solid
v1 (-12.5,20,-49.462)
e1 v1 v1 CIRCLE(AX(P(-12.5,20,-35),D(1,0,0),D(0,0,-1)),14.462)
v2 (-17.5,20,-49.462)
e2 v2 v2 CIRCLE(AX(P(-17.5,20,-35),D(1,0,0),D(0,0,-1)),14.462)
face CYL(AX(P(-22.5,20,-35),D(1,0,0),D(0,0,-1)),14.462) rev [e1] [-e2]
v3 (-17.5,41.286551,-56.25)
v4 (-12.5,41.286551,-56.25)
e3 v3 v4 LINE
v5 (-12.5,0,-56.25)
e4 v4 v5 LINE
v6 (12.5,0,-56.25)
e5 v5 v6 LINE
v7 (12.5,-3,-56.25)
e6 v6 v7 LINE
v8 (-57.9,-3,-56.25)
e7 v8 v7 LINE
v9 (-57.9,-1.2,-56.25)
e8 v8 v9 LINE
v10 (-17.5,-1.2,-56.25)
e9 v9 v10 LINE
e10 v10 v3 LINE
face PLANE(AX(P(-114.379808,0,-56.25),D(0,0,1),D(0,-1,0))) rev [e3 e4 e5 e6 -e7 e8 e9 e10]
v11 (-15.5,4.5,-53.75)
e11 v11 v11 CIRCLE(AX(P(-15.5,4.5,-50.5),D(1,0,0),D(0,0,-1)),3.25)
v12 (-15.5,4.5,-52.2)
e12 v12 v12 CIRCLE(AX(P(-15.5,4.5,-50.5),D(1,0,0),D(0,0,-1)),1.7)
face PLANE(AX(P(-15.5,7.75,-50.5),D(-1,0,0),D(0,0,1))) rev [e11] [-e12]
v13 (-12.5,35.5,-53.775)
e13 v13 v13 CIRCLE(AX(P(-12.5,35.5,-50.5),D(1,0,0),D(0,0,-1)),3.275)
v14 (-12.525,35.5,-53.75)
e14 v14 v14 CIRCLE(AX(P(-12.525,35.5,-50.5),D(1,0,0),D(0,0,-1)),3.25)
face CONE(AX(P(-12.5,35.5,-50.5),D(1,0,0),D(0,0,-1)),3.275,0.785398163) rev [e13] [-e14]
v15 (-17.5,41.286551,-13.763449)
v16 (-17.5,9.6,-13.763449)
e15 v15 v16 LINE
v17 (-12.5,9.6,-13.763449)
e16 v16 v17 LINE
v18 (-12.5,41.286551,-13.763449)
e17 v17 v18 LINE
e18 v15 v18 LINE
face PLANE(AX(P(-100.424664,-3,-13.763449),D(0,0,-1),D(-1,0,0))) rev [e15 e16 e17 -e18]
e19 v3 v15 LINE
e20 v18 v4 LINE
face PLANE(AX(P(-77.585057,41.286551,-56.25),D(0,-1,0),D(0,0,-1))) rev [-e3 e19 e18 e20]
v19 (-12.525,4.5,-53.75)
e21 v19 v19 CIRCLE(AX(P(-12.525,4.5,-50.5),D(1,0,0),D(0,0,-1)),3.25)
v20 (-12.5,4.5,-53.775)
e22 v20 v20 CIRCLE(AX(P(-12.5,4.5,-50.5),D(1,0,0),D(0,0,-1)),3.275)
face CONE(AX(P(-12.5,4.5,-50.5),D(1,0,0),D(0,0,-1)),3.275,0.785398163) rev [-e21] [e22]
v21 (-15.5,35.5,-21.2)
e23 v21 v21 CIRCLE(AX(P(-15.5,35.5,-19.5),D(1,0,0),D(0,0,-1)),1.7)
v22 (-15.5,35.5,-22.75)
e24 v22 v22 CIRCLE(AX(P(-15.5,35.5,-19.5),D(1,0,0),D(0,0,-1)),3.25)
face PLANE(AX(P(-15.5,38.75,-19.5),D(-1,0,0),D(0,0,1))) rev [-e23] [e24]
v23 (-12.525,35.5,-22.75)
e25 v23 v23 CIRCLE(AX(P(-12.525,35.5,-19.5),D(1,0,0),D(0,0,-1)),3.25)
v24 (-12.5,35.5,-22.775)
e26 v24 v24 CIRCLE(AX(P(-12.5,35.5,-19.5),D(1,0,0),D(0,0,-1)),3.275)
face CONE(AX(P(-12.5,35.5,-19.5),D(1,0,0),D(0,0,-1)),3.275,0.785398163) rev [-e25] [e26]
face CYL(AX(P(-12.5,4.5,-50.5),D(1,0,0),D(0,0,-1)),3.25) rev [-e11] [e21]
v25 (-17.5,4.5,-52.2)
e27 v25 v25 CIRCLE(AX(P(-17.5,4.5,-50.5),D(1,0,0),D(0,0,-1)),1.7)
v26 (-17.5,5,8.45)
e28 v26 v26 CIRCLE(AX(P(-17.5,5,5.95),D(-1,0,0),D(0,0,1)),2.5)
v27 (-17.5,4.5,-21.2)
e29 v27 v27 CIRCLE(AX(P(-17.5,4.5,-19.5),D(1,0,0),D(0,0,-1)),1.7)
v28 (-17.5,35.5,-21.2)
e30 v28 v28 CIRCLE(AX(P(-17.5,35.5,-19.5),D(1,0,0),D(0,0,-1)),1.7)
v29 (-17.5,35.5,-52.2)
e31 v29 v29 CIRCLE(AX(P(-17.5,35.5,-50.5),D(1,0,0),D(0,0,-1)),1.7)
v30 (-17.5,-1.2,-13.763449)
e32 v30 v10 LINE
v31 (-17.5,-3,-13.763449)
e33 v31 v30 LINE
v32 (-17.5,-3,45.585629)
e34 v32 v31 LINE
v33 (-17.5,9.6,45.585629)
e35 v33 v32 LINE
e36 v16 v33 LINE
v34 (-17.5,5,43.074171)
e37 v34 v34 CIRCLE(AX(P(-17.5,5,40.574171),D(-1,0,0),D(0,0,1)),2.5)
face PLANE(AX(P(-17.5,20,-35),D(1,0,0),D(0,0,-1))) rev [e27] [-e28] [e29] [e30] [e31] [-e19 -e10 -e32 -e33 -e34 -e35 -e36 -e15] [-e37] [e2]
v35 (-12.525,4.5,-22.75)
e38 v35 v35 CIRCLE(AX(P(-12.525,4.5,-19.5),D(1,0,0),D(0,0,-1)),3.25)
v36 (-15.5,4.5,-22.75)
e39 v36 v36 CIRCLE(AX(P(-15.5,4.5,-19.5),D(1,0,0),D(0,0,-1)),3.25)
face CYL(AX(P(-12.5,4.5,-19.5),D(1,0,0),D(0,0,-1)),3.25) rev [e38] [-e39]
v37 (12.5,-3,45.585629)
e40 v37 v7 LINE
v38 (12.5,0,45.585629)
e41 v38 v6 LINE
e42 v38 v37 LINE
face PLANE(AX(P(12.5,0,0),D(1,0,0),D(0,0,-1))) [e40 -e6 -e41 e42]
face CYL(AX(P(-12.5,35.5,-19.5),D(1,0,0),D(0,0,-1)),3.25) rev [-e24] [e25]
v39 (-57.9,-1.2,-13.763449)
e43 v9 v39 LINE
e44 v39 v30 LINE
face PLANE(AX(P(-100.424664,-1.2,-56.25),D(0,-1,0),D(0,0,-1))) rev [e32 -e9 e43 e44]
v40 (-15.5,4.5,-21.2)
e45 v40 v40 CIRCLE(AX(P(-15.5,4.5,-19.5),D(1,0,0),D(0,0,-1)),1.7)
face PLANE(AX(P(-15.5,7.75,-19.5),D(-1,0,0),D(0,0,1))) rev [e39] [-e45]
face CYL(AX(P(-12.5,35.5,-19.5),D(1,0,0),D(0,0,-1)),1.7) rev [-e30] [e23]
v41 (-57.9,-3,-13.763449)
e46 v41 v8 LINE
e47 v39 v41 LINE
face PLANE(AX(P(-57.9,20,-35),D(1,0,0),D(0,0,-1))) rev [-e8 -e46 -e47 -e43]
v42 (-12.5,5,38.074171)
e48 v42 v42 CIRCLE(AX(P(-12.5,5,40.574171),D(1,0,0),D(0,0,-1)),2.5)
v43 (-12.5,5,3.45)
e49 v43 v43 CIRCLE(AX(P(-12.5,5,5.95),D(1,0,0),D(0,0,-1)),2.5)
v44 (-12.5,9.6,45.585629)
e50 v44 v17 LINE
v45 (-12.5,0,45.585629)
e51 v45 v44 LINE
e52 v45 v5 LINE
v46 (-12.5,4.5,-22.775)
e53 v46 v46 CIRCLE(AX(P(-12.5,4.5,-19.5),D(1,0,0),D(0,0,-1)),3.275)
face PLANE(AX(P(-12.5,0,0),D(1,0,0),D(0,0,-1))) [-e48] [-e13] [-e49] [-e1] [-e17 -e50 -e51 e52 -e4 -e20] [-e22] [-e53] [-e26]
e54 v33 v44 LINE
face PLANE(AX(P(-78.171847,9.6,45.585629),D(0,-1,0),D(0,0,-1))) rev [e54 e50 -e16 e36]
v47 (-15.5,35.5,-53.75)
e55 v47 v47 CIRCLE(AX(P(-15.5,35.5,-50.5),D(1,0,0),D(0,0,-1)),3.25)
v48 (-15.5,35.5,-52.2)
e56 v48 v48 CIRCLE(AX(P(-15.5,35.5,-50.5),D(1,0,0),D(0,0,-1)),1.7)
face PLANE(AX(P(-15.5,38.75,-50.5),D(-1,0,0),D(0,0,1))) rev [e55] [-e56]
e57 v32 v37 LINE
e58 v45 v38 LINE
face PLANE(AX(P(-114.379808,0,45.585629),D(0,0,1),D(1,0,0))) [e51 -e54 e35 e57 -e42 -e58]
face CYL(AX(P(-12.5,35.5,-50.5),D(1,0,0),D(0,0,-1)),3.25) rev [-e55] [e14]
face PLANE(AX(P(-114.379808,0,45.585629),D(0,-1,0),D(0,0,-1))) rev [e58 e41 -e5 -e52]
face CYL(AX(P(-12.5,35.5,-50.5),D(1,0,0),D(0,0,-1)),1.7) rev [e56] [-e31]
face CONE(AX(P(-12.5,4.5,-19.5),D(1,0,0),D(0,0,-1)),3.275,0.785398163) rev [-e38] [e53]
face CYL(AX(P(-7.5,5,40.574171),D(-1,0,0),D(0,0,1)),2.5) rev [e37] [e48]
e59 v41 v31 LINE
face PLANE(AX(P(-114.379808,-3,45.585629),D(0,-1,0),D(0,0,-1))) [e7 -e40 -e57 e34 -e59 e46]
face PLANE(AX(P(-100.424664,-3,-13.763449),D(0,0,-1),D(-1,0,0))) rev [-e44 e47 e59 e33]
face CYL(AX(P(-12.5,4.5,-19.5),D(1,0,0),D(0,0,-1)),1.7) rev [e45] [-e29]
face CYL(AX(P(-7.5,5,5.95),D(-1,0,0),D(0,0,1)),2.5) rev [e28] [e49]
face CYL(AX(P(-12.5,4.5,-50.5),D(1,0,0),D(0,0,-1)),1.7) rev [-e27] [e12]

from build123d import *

# Parameters (mm, degrees)
SKETCH1_W                     = 101.835629046
SKETCH1_H                     = 3
BOSS_EXTRUDE1_DEPTH           = 12.5
SKETCH2_W                     = 42.486551299
SKETCH2_H                     = 1.8
BOSS_EXTRUDE2_DEPTH           = 45.4
SKETCH3_W                     = 42.486551299
SKETCH3_H                     = 42.486551299
BOSS_EXTRUDE3_DEPTH           = 5
CBORE_FOR_M3_SHCS2_AT_2_COUNT = 2
CBORE_FOR_M3_SHCS2_AT_2_PITCH = 31
CBORE_FOR_M3_SHCS2_AT_3_COUNT = 2
CBORE_FOR_M3_SHCS2_AT_3_PITCH = 43.840620434
CBORE_FOR_M3_SHCS2_AT_4_COUNT = 2
CBORE_FOR_M3_SHCS2_AT_4_PITCH = 31
SKETCH9_R                     = 14.462
CUT_EXTRUDE1_DEPTH            = 10
SKETCH10_W                    = 59.349077747
SKETCH10_H                    = 12.6
BOSS_EXTRUDE4_DEPTH           = 5
SKETCH11_R                    = 2.5
CUT_EXTRUDE2_DEPTH            = 10


with BuildPart() as part:
    # Sketch1 → Boss-Extrude1 (new, symmetric)
    with BuildSketch(Plane(origin=(0, 0, 0), x_dir=(0, 0, -1), z_dir=(1, 0, 0))):
        with Locations((5.332185477, -1.5)):
            Rectangle(SKETCH1_W, SKETCH1_H)
    extrude(amount=BOSS_EXTRUDE1_DEPTH, both=True)

    # Sketch2 → Boss-Extrude2 (add)
    with BuildSketch(Plane.ZY.offset(12.5)):
        with Locations((-35.006724351, -2.1)):
            Rectangle(SKETCH2_W, SKETCH2_H)
    extrude(amount=BOSS_EXTRUDE2_DEPTH)

    # Sketch3 → Boss-Extrude3 (add)
    with BuildSketch(Plane.ZY.offset(12.5)):
        with Locations((-35.006724351, 20.043275649)):
            Rectangle(SKETCH3_W, SKETCH3_H)
    extrude(amount=BOSS_EXTRUDE3_DEPTH)

    # Sketch8 → CBORE for M3 SHCS2 (revolve, cut)
    with BuildSketch(Plane(origin=(-12.5, 4.5, -19.5), x_dir=(0, 0, -1), z_dir=(0, 1, 0))):
        Polygon((0, 0), (0, 45.4), (1.7, 45.4), (1.7, 3), (3.25, 3), (3.25, 0.025), (3.275, 0), align=None)
    cbore_for_m3_shcs2 = revolve(axis=Axis((-6.15, 4.5, -19.5), (-1, 0, 0)), mode=Mode.SUBTRACT)

    # CBORE for M3 SHCS2 at 2: CBORE for M3 SHCS2 ×2
    with Locations(*[(0, 0, -i * CBORE_FOR_M3_SHCS2_AT_2_PITCH) for i in range(1, CBORE_FOR_M3_SHCS2_AT_2_COUNT)]):
        add(cbore_for_m3_shcs2, mode=Mode.SUBTRACT)

    # CBORE for M3 SHCS2 at 3: CBORE for M3 SHCS2 ×2
    with Locations(*[Vector(0, 0.7071067811865476, -0.7071067811865475) * (i * CBORE_FOR_M3_SHCS2_AT_3_PITCH) for i in range(1, CBORE_FOR_M3_SHCS2_AT_3_COUNT)]):
        add(cbore_for_m3_shcs2, mode=Mode.SUBTRACT)

    # CBORE for M3 SHCS2 at 4: CBORE for M3 SHCS2 ×2
    with Locations(*[(0, i * CBORE_FOR_M3_SHCS2_AT_4_PITCH, 0) for i in range(1, CBORE_FOR_M3_SHCS2_AT_4_COUNT)]):
        add(cbore_for_m3_shcs2, mode=Mode.SUBTRACT)

    # Sketch9 → Cut-Extrude1 (cut)
    with BuildSketch(Plane(origin=(-12.5, 0, 0), x_dir=(0, 0, -1), z_dir=(1, 0, 0))):
        with Locations((35, 20)):
            Circle(SKETCH9_R)
    extrude(amount=-CUT_EXTRUDE1_DEPTH, mode=Mode.SUBTRACT)

    # Sketch10 → Boss-Extrude4 (add)
    with BuildSketch(Plane.ZY.offset(12.5)):
        with Locations((15.911090172, 3.3)):
            Rectangle(SKETCH10_W, SKETCH10_H)
    extrude(amount=BOSS_EXTRUDE4_DEPTH)

    # Sketch11 → Cut-Extrude2 (cut)
    with BuildSketch(Plane.ZY.offset(17.5)):
        with Locations((5.95, 5)):
            Circle(SKETCH11_R)
        with Locations((40.574170501, 5)):
            Circle(SKETCH11_R)
    extrude(amount=-CUT_EXTRUDE2_DEPTH, mode=Mode.SUBTRACT)


solid = part.part
